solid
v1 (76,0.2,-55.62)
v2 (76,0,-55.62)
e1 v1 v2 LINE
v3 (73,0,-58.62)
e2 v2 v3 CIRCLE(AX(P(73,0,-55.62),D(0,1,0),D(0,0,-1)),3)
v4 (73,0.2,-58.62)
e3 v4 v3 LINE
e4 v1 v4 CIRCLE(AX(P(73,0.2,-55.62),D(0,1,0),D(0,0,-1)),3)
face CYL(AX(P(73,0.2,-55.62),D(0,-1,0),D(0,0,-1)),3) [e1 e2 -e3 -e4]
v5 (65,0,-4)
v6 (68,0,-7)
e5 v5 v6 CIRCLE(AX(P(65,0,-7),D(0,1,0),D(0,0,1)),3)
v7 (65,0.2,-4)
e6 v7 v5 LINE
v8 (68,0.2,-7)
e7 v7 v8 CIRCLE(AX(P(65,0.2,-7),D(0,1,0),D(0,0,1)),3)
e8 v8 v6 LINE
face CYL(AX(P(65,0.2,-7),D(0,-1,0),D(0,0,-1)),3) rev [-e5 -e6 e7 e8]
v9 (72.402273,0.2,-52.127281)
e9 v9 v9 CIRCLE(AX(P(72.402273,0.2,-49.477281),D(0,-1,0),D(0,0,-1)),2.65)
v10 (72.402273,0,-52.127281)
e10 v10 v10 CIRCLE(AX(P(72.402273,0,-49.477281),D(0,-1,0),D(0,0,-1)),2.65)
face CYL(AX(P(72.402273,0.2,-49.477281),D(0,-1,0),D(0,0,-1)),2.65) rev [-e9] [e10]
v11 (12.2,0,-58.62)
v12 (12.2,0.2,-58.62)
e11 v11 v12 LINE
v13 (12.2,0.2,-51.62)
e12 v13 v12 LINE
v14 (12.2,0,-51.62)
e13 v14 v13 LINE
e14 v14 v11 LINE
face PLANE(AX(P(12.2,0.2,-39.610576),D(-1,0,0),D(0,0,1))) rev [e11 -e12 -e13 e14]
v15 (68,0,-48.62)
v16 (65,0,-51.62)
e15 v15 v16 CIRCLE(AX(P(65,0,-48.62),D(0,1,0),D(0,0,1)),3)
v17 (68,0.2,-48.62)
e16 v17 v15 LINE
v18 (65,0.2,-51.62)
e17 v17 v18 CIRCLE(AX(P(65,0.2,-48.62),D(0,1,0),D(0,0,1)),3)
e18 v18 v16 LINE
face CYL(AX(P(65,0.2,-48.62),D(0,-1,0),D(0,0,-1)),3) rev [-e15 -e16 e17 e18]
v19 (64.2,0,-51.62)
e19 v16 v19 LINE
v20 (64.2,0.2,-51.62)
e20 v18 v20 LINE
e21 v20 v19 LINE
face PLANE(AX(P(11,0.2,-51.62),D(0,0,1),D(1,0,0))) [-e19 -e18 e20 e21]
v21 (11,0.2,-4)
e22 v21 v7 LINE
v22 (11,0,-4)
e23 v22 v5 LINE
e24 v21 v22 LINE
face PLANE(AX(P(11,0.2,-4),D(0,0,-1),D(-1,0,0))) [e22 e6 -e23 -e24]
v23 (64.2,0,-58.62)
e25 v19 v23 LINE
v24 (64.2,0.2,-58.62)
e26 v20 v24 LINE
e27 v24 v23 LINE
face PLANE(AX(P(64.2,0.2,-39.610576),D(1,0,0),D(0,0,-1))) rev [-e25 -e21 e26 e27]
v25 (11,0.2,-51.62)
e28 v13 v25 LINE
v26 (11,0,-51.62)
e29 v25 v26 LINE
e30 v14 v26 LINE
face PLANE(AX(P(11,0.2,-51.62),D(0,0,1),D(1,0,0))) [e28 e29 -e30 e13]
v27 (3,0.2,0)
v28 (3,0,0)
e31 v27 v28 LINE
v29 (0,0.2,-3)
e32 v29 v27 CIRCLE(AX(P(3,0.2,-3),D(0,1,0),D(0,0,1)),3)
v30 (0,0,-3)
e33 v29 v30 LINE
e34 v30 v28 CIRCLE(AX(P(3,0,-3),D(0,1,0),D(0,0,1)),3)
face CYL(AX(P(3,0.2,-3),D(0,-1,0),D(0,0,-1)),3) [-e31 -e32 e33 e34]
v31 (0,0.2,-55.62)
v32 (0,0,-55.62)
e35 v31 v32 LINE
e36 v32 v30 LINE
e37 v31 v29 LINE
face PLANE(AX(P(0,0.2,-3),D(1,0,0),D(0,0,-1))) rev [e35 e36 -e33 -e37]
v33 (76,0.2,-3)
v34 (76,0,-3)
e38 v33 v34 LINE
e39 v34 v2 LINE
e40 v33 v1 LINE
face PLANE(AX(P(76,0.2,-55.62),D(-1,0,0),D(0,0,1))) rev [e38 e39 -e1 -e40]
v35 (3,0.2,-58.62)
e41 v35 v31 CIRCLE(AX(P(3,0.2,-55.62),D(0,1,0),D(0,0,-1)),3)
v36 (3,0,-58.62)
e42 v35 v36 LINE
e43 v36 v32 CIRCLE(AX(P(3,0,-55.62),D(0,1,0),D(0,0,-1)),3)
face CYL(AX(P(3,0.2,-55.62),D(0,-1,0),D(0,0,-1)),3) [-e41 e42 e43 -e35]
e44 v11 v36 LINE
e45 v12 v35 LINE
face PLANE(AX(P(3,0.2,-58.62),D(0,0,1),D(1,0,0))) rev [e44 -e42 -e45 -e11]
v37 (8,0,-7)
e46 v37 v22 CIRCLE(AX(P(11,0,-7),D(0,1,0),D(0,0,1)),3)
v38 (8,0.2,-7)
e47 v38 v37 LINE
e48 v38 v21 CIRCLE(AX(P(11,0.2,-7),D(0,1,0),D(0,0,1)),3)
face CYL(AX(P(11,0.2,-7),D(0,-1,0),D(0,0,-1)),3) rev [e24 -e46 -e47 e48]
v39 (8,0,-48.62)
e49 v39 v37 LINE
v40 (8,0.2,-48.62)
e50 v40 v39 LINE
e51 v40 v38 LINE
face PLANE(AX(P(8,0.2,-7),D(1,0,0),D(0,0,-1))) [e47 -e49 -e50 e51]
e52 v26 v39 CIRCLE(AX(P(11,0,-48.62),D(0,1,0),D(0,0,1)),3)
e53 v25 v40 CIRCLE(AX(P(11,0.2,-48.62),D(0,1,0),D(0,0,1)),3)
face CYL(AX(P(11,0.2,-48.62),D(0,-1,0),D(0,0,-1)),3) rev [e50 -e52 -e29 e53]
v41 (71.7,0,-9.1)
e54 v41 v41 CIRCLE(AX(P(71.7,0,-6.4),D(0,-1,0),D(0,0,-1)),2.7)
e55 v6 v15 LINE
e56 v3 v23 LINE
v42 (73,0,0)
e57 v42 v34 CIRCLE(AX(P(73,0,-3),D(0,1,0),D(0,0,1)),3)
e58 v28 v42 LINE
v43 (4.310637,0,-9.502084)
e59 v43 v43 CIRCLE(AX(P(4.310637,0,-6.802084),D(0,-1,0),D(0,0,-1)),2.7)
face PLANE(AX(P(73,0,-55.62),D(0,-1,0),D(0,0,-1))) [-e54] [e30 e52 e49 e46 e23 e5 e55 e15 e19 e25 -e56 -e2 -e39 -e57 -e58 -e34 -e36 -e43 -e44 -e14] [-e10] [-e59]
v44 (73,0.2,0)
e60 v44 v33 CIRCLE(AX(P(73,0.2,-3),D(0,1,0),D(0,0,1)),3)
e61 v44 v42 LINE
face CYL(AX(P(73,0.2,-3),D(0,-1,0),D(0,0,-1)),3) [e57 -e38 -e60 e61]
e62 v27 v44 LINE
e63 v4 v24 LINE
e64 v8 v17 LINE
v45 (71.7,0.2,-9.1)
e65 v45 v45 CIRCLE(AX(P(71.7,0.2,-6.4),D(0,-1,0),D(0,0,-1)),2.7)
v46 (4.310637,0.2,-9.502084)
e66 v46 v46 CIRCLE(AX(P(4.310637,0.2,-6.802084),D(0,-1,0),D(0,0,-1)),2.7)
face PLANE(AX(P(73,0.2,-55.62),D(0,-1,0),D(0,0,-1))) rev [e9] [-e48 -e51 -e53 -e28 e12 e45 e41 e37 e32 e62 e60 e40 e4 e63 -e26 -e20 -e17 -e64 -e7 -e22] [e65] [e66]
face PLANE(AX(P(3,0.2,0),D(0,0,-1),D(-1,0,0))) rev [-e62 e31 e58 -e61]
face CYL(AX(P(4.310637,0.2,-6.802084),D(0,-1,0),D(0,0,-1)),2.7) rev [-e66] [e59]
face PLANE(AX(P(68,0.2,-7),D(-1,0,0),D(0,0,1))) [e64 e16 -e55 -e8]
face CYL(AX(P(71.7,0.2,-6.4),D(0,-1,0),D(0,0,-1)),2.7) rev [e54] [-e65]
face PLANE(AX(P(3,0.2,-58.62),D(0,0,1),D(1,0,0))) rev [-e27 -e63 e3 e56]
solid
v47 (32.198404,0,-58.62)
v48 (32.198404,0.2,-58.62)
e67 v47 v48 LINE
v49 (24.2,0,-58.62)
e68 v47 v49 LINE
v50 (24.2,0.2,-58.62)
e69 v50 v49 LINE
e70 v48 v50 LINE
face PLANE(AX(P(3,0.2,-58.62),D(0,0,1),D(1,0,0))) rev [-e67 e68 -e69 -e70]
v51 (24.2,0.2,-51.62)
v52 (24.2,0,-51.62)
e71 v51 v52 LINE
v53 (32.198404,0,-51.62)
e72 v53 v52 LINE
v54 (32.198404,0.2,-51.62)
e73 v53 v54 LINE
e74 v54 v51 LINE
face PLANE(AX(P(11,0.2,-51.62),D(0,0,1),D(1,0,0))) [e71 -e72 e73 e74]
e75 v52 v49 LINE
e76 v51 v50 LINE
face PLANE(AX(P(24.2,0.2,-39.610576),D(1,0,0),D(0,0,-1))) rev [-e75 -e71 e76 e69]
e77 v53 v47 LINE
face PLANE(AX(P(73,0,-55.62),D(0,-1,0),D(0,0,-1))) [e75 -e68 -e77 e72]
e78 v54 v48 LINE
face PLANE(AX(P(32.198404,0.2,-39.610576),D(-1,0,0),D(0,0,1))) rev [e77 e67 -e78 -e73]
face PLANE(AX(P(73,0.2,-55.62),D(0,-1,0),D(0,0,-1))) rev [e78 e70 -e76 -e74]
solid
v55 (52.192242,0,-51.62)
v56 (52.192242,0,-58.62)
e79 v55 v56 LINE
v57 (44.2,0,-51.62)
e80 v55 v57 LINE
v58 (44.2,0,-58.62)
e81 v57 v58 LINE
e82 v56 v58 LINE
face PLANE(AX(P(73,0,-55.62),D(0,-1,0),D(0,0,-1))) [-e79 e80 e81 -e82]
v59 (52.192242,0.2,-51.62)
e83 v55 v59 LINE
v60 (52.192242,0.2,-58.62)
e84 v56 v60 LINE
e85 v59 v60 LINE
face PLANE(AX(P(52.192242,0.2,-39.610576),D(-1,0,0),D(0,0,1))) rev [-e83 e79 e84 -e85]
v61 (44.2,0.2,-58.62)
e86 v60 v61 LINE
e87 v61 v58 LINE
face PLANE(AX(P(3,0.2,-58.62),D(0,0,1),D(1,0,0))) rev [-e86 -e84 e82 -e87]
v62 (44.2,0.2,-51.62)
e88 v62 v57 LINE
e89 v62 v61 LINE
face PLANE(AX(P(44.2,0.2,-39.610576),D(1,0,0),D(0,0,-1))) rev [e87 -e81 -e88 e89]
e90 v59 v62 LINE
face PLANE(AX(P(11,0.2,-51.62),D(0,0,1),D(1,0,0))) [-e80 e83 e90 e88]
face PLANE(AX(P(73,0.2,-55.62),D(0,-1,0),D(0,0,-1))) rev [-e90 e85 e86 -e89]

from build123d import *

# Parameters (mm, degrees)
BOSS_EXTRUDE1_DEPTH = 0.2
SKETCH4_W           = 12.007758181
SKETCH4_H           = 0.2
SKETCH4_W_2         = 12.001595936
SKETCH4_W_3         = 12
CUT_EXTRUDE3_DEPTH  = 7
SKETCH5_R           = 2.65
CUT_EXTRUDE4_DEPTH  = 96.980958528
SKETCH6_R           = 2.7
CUT_EXTRUDE5_DEPTH  = 96.980958528
SKETCH7_R           = 2.7
CUT_EXTRUDE6_DEPTH  = 96.980958528


with BuildPart() as part:
    # Sketch1 → Boss-Extrude1 (new body)
    with BuildSketch(Plane(origin=(0, 0, 0), x_dir=(1, 0, 0), z_dir=(0, 1, 0))):
        with BuildLine():
            Line((3, 0), (73, 0))
            ThreePointArc((73, 0), (75.121320344, 0.878679656), (76, 3))
            Line((76, 3), (76, 52.62))
            Line((76, 52.62), (76, 55.62))
            ThreePointArc((76, 55.62), (75.121320344, 57.741320344), (73, 58.62))
            Line((73, 58.62), (3, 58.62))
            ThreePointArc((3, 58.62), (0.878679656, 57.741320344), (0, 55.62))
            Line((0, 55.62), (0, 52.62))
            Line((0, 52.62), (0, 3))
            ThreePointArc((0, 3), (0.878679656, 0.878679656), (3, 0))
        make_face()
        with BuildLine():
            Line((11, 4), (65, 4))
            ThreePointArc((65, 4), (67.121320344, 4.878679656), (68, 7))
            Line((68, 7), (68, 48.62))
            ThreePointArc((68, 48.62), (67.121320344, 50.741320344), (65, 51.62))
            Line((65, 51.62), (11, 51.62))
            ThreePointArc((11, 51.62), (8.878679656, 50.741320344), (8, 48.62))
            Line((8, 48.62), (8, 7))
            ThreePointArc((8, 7), (8.878679656, 4.878679656), (11, 4))
        make_face(mode=Mode.SUBTRACT)
    extrude(amount=BOSS_EXTRUDE1_DEPTH)

    # Sketch4 → Cut-Extrude3 (cut)
    with BuildSketch(Plane(origin=(0, 0, -58.62), x_dir=(-1, 0, 0), z_dir=(0, 0, -1))):
        with Locations((-58.19612091, 0.1)):
            Rectangle(SKETCH4_W, SKETCH4_H)
        with Locations((-38.199202032, 0.1)):
            Rectangle(SKETCH4_W_2, SKETCH4_H)
        with Locations((-18.2, 0.1)):
            Rectangle(SKETCH4_W_3, SKETCH4_H)
    extrude(amount=-CUT_EXTRUDE3_DEPTH, mode=Mode.SUBTRACT)


with BuildPart() as cut_extrude3_piece_1:
    # of the separate pieces the step leaves, piece 1, a body of its own (cut_extrude3_pieces)
    add(part.part.solids().sort_by_distance((3, 0, 0))[0])

    # Sketch5 → Cut-Extrude4 (cut, through all)
    with BuildSketch(Plane(origin=(0, 0, 0), x_dir=(-1, 0, 0), z_dir=(0, -1, 0))):
        with Locations(Location((-72.402273283, 49.4772806, 0), (0, 0, 90))):
            Circle(SKETCH5_R)
    extrude(amount=-CUT_EXTRUDE4_DEPTH, mode=Mode.SUBTRACT)

    # Sketch6 → Cut-Extrude5 (cut, through all)
    with BuildSketch(Plane(origin=(0, 0, 0), x_dir=(-1, 0, 0), z_dir=(0, -1, 0))):
        with Locations(Location((-4.310637365, 6.802083571, 0), (0, 0, 90))):
            Circle(SKETCH6_R)
    extrude(amount=-CUT_EXTRUDE5_DEPTH, mode=Mode.SUBTRACT)

    # Sketch7 → Cut-Extrude6 (cut, through all)
    with BuildSketch(Plane(origin=(0, 0, 0), x_dir=(-1, 0, 0), z_dir=(0, -1, 0))):
        with Locations(Location((-71.7, 6.4, 0), (0, 0, 90))):
            Circle(SKETCH7_R)
    extrude(amount=-CUT_EXTRUDE6_DEPTH, mode=Mode.SUBTRACT)


with BuildPart() as cut_extrude3_piece_2:
    # of the separate pieces the step leaves, piece 2, a body of its own (cut_extrude3_pieces)
    add(part.part.solids().sort_by_distance((32.198404064, 0, -58.62))[0])


with BuildPart() as cut_extrude3_piece_3:
    # of the separate pieces the step leaves, piece 3, a body of its own (cut_extrude3_pieces)
    add(part.part.solids().sort_by_distance((52.192241819, 0, -58.62))[0])


solid = Compound([cut_extrude3_piece_1.part, cut_extrude3_piece_2.part, cut_extrude3_piece_3.part])
